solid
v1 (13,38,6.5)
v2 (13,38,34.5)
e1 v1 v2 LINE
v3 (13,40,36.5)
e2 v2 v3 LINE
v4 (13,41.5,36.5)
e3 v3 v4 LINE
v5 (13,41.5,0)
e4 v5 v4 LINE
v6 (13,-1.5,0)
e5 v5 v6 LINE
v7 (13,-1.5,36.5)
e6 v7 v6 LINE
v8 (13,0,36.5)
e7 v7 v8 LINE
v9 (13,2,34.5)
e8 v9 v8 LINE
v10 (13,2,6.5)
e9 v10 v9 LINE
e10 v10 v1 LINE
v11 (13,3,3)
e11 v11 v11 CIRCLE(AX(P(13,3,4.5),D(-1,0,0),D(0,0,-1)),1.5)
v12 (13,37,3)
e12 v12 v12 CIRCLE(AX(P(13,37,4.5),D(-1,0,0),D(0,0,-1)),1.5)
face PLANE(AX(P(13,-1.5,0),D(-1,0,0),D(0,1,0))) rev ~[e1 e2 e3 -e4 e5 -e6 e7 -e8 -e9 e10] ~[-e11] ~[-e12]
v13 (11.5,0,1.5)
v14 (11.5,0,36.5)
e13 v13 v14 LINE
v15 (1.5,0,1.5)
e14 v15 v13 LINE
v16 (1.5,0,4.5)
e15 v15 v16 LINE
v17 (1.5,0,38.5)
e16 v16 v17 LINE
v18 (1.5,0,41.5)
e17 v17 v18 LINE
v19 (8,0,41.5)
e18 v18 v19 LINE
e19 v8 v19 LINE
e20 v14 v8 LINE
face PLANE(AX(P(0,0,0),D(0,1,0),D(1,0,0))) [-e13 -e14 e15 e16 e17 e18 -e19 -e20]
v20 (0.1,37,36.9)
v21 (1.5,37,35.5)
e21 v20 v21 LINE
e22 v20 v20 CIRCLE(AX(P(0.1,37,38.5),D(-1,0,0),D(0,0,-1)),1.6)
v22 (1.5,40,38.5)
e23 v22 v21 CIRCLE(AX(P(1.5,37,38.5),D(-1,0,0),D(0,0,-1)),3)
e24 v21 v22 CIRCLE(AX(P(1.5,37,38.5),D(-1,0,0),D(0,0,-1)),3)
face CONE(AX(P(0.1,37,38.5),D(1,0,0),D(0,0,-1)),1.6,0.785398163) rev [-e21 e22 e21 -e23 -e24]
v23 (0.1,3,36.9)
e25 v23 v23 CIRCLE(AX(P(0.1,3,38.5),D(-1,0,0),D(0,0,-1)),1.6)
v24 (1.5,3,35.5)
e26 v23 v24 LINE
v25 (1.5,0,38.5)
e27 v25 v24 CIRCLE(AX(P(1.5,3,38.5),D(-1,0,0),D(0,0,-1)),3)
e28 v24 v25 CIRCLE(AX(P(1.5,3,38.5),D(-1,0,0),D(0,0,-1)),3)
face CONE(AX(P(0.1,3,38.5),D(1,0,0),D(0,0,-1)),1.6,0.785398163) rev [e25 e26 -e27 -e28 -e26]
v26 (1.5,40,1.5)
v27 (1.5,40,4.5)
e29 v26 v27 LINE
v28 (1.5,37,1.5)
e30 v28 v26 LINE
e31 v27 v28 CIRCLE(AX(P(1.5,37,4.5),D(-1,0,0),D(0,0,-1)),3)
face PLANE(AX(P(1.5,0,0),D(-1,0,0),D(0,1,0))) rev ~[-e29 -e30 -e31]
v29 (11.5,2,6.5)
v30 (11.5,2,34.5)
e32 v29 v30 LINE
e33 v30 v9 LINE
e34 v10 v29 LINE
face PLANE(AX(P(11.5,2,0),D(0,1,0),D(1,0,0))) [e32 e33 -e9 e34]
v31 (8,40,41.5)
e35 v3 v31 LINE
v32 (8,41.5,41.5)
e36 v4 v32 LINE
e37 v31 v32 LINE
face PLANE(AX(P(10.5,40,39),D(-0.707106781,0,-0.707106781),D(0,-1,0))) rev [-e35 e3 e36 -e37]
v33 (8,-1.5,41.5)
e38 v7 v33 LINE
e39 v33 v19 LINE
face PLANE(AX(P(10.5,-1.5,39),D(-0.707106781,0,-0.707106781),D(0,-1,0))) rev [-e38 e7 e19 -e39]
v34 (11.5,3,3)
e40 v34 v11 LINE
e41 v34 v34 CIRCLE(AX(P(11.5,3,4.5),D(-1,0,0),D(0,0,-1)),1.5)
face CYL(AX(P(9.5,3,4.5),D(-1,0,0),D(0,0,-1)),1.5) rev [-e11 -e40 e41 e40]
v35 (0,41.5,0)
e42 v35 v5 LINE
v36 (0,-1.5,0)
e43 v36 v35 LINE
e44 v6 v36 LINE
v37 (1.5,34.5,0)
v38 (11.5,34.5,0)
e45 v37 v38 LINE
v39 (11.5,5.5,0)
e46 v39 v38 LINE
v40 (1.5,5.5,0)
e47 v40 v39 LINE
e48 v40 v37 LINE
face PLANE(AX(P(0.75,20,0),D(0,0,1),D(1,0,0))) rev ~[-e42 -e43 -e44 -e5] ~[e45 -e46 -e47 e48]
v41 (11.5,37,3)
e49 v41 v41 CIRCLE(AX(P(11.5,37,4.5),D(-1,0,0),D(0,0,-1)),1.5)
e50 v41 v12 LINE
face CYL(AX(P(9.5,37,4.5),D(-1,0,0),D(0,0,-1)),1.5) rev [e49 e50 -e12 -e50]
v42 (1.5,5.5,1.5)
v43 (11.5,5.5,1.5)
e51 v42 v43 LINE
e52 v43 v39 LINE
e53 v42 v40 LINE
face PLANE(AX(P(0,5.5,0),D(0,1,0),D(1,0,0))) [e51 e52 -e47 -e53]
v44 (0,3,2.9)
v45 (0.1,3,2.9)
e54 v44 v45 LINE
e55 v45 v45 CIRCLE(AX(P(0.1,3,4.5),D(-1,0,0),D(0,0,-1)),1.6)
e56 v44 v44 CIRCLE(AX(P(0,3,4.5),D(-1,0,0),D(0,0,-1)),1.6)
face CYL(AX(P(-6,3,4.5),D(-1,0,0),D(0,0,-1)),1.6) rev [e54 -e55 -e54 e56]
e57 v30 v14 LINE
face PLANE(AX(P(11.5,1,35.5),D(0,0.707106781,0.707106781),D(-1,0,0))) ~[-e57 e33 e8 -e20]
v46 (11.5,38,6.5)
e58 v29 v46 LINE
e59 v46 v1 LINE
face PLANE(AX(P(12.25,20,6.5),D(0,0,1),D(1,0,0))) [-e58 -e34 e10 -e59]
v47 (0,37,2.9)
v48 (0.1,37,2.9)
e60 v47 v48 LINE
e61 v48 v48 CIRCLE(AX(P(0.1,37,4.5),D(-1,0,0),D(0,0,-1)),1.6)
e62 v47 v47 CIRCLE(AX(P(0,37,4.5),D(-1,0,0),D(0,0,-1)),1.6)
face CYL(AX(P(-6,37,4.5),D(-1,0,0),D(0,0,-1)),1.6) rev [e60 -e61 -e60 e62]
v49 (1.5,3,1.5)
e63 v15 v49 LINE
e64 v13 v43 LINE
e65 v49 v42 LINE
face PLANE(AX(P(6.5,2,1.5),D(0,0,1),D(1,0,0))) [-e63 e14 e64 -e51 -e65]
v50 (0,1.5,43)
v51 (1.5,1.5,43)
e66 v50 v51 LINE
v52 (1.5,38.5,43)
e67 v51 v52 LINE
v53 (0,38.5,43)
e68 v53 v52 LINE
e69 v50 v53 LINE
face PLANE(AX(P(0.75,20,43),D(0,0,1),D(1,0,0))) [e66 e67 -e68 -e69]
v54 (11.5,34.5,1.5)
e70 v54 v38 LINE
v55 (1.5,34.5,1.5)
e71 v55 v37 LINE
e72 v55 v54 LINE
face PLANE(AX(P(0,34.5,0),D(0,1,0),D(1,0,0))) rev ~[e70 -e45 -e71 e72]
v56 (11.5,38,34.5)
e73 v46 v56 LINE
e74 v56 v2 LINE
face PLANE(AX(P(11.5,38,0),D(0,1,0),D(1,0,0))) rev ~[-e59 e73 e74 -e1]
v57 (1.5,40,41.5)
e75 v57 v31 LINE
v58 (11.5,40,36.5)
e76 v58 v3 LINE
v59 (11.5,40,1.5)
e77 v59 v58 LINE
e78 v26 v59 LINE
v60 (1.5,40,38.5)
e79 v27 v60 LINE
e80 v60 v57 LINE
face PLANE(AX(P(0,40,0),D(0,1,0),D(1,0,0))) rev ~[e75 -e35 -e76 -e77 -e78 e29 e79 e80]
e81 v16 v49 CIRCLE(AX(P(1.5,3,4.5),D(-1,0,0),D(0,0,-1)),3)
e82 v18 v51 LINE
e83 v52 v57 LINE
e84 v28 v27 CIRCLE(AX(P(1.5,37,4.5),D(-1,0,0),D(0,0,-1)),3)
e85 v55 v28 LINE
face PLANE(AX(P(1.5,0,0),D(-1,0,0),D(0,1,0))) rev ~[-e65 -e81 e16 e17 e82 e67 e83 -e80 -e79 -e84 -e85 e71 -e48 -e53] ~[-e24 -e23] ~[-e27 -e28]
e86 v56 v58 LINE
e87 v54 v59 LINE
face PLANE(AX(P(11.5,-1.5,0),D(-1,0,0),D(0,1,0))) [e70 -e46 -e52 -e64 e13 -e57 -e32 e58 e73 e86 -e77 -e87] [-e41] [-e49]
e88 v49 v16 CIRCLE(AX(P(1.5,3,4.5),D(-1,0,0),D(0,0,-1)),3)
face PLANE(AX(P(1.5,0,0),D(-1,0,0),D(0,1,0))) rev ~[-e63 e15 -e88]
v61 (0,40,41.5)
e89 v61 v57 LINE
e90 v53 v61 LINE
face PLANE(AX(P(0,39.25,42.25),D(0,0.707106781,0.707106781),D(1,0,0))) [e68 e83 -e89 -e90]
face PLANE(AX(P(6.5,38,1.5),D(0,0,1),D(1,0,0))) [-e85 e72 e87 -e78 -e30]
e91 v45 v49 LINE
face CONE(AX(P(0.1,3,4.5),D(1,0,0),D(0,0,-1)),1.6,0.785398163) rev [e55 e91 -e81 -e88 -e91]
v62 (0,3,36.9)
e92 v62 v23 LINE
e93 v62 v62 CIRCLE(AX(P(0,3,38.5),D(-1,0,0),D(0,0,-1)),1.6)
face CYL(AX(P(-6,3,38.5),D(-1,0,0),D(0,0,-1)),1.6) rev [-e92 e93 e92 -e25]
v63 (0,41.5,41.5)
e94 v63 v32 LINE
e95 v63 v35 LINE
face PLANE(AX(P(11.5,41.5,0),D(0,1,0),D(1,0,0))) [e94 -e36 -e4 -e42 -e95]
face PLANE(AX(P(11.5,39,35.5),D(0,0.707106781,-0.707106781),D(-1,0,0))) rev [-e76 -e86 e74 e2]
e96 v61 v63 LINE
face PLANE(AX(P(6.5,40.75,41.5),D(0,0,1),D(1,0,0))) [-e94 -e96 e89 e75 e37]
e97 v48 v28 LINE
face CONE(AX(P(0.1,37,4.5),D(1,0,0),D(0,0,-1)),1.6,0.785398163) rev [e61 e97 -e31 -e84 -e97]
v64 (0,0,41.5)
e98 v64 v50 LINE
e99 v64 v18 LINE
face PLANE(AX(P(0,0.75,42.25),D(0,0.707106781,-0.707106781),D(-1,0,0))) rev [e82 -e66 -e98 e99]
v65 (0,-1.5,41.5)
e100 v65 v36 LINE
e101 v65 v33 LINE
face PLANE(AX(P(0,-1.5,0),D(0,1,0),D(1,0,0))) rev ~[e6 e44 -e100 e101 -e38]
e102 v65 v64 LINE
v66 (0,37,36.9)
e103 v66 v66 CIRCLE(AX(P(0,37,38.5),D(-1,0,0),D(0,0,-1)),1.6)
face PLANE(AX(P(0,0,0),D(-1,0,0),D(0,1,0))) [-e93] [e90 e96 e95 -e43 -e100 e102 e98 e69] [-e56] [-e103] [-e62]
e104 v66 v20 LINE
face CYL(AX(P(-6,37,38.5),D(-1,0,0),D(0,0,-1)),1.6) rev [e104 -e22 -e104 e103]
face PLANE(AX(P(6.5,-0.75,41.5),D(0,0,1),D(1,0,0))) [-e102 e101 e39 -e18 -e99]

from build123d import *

# Parameters (mm, degrees)
CYLINDER004_R     = 1.5
CYLINDER004_DEPTH = 5
CYLINDER005_R     = 1.5
CYLINDER005_DEPTH = 5
BOX006_W          = 13
BOX006_H          = 1.5
BOX006_DEPTH      = 41.5
CHAMFER002_SIZE   = 5
BOX007_W          = 13
BOX007_H          = 1.5
BOX007_DEPTH      = 41.5
CHAMFER003_SIZE   = 5
CYLINDER001_R     = 1.6
CYLINDER001_DEPTH = 10
CYLINDER002_R     = 1.6
CYLINDER002_DEPTH = 10
CYLINDER_R        = 1.6
CYLINDER_DEPTH    = 10
CYLINDER003_R     = 1.6
CYLINDER003_DEPTH = 10
BOX002_W          = 7.5
BOX002_H          = 42
BOX002_DEPTH      = 43
CHAMFER_SIZE      = 1.4
BOX_W             = 1.5
BOX_H             = 40
BOX_DEPTH         = 43
CHAMFER001_SIZE   = 1.5
BOX005_W          = 1.5
BOX005_H          = 43
BOX005_DEPTH      = 6.5
BOX008_W          = 1.5
BOX008_H          = 3.5
BOX008_DEPTH      = 36.5
CHAMFER004_SIZE   = 2
BOX004_W          = 13
BOX004_H          = 7
BOX004_DEPTH      = 1.5
BOX003_W          = 13
BOX003_H          = 7
BOX003_DEPTH      = 1.5
BOX009_W          = 1.5
BOX009_H          = 3.5
BOX009_DEPTH      = 36.5
CHAMFER005_SIZE   = 2


with BuildPart() as cylinder004:
    # Cylinder004 → Cylinder004 (new body)
    with BuildSketch(Plane(origin=(9.5, 3, 4.5), x_dir=(0, 0, -1), z_dir=(1, 0, 0))):
        Circle(CYLINDER004_R)
    extrude(amount=CYLINDER004_DEPTH)


with BuildPart() as fusion002:
    # Cylinder005 → Cylinder005 (new body)
    with BuildSketch(Plane(origin=(9.5, 37, 4.5), x_dir=(0, 0, -1), z_dir=(1, 0, 0))):
        Circle(CYLINDER005_R)
    extrude(amount=CYLINDER005_DEPTH)

    # Fusion002: union Cylinder004
    add(cylinder004.part)


with BuildPart() as chamfer002:
    # Box006 → Box006 (new body)
    with BuildSketch(Plane(origin=(0, -1.5, 0), x_dir=(1, 0, 0), z_dir=(0, 0, 1))):
        with Locations((6.5, 0.75)):
            Rectangle(BOX006_W, BOX006_H)
    extrude(amount=BOX006_DEPTH)

    # Chamfer002
    chamfer002_edges = [chamfer002.edges().sort_by_distance(p)[0] for p in [
        (13, -0.75, 41.5),
    ]]
    chamfer(chamfer002_edges, length=CHAMFER002_SIZE)


with BuildPart() as chamfer003:
    # Box007 → Box007 (new body)
    with BuildSketch(Plane(origin=(0, 40, 0), x_dir=(1, 0, 0), z_dir=(0, 0, 1))):
        with Locations((6.5, 0.75)):
            Rectangle(BOX007_W, BOX007_H)
    extrude(amount=BOX007_DEPTH)

    # Chamfer003
    chamfer003_edges = [chamfer003.edges().sort_by_distance(p)[0] for p in [
        (13, 40.75, 41.5),
    ]]
    chamfer(chamfer003_edges, length=CHAMFER003_SIZE)


with BuildPart() as cylinder001:
    # Cylinder001 → Cylinder001 (new body)
    with BuildSketch(Plane(origin=(0, 37, 4.5), x_dir=(0, 0, -1), z_dir=(1, 0, 0))):
        Circle(CYLINDER001_R)
    extrude(amount=CYLINDER001_DEPTH)


with BuildPart() as cylinder002:
    # Cylinder002 → Cylinder002 (new body)
    with BuildSketch(Plane(origin=(0, 3, 38.5), x_dir=(0, 0, -1), z_dir=(1, 0, 0))):
        Circle(CYLINDER002_R)
    extrude(amount=CYLINDER002_DEPTH)


with BuildPart() as cylinder:
    # Cylinder → Cylinder (new body)
    with BuildSketch(Plane(origin=(0, 3, 4.5), x_dir=(0, 0, -1), z_dir=(1, 0, 0))):
        Circle(CYLINDER_R)
    extrude(amount=CYLINDER_DEPTH)


with BuildPart() as fusion:
    # Cylinder003 → Cylinder003 (new body)
    with BuildSketch(Plane(origin=(0, 37, 38.5), x_dir=(0, 0, -1), z_dir=(1, 0, 0))):
        Circle(CYLINDER003_R)
    extrude(amount=CYLINDER003_DEPTH)

    # Fusion: union Cylinder001, Cylinder002, Cylinder
    add(cylinder001.part)
    add(cylinder002.part)
    add(cylinder.part)


with BuildPart() as chamfer_body:
    # Box002 → Box002 (new body)
    with BuildSketch(Plane(origin=(0, -1, 0), x_dir=(1, 0, 0), z_dir=(0, 0, 1))):
        with Locations((3.75, 21)):
            Rectangle(BOX002_W, BOX002_H)
    extrude(amount=BOX002_DEPTH)

    # Cut001: cut Fusion
    add(fusion.part, mode=Mode.SUBTRACT)

    # Chamfer
    chamfer_edges = [chamfer_body.edges().sort_by_distance(p)[0] for p in [
        (7.5, 37, 40.1),
        (7.5, 3, 40.1),
        (7.5, 3, 6.1),
        (7.5, 37, 6.1),
    ]]
    chamfer(chamfer_edges, length=CHAMFER_SIZE)


with BuildPart() as chamfer_body_1:
    # Chamfer placement: moved
    add(chamfer_body.part.moved(Location((-6, 0, 0))))


with BuildPart() as chamfer001:
    # Box → Box (new body)
    with BuildSketch(Plane.XY):
        with Locations((0.75, 20)):
            Rectangle(BOX_W, BOX_H)
    extrude(amount=BOX_DEPTH)

    # Common: intersect Chamfer body
    add(chamfer_body_1.part, mode=Mode.INTERSECT)

    # Chamfer001
    chamfer001_edges = [chamfer001.edges().sort_by_distance(p)[0] for p in [
        (0.75, 0, 43),
        (0.75, 40, 43),
    ]]
    chamfer(chamfer001_edges, length=CHAMFER001_SIZE)


with BuildPart() as cube002:
    # Box005 → Box005 (new body)
    with BuildSketch(Plane(origin=(11.5, -1.5, 0), x_dir=(1, 0, 0), z_dir=(0, 0, 1))):
        with Locations((0.75, 21.5)):
            Rectangle(BOX005_W, BOX005_H)
    extrude(amount=BOX005_DEPTH)


with BuildPart() as chamfer004:
    # Box008 → Box008 (new body)
    with BuildSketch(Plane(origin=(11.5, -1.5, 0), x_dir=(1, 0, 0), z_dir=(0, 0, 1))):
        with Locations((0.75, 1.75)):
            Rectangle(BOX008_W, BOX008_H)
    extrude(amount=BOX008_DEPTH)

    # Chamfer004
    chamfer004_edges = [chamfer004.edges().sort_by_distance(p)[0] for p in [
        (12.25, 2, 36.5),
    ]]
    chamfer(chamfer004_edges, length=CHAMFER004_SIZE)


with BuildPart() as cube001:
    # Box004 → Box004 (new body)
    with BuildSketch(Plane(origin=(0, 34.5, 0), x_dir=(1, 0, 0), z_dir=(0, 0, 1))):
        with Locations((6.5, 3.5)):
            Rectangle(BOX004_W, BOX004_H)
    extrude(amount=BOX004_DEPTH)


with BuildPart() as cube:
    # Box003 → Box003 (new body)
    with BuildSketch(Plane(origin=(0, -1.5, 0), x_dir=(1, 0, 0), z_dir=(0, 0, 1))):
        with Locations((6.5, 3.5)):
            Rectangle(BOX003_W, BOX003_H)
    extrude(amount=BOX003_DEPTH)


with BuildPart() as cut002:
    # Box009 → Box009 (new body)
    with BuildSketch(Plane(origin=(11.5, 38, 0), x_dir=(1, 0, 0), z_dir=(0, 0, 1))):
        with Locations((0.75, 1.75)):
            Rectangle(BOX009_W, BOX009_H)
    extrude(amount=BOX009_DEPTH)

    # Chamfer005
    chamfer005_edges = [cut002.edges().sort_by_distance(p)[0] for p in [
        (12.25, 38, 36.5),
    ]]
    chamfer(chamfer005_edges, length=CHAMFER005_SIZE)

    # Fusion001: union Chamfer002, Chamfer003, Chamfer001, Cube002, Chamfer004, Cube001, Cube
    add(chamfer002.part)
    add(chamfer003.part)
    add(chamfer001.part)
    add(cube002.part)
    add(chamfer004.part)
    add(cube001.part)
    add(cube.part)

    # Cut002: cut Fusion002
    add(fusion002.part, mode=Mode.SUBTRACT)


solid = cut002.part
